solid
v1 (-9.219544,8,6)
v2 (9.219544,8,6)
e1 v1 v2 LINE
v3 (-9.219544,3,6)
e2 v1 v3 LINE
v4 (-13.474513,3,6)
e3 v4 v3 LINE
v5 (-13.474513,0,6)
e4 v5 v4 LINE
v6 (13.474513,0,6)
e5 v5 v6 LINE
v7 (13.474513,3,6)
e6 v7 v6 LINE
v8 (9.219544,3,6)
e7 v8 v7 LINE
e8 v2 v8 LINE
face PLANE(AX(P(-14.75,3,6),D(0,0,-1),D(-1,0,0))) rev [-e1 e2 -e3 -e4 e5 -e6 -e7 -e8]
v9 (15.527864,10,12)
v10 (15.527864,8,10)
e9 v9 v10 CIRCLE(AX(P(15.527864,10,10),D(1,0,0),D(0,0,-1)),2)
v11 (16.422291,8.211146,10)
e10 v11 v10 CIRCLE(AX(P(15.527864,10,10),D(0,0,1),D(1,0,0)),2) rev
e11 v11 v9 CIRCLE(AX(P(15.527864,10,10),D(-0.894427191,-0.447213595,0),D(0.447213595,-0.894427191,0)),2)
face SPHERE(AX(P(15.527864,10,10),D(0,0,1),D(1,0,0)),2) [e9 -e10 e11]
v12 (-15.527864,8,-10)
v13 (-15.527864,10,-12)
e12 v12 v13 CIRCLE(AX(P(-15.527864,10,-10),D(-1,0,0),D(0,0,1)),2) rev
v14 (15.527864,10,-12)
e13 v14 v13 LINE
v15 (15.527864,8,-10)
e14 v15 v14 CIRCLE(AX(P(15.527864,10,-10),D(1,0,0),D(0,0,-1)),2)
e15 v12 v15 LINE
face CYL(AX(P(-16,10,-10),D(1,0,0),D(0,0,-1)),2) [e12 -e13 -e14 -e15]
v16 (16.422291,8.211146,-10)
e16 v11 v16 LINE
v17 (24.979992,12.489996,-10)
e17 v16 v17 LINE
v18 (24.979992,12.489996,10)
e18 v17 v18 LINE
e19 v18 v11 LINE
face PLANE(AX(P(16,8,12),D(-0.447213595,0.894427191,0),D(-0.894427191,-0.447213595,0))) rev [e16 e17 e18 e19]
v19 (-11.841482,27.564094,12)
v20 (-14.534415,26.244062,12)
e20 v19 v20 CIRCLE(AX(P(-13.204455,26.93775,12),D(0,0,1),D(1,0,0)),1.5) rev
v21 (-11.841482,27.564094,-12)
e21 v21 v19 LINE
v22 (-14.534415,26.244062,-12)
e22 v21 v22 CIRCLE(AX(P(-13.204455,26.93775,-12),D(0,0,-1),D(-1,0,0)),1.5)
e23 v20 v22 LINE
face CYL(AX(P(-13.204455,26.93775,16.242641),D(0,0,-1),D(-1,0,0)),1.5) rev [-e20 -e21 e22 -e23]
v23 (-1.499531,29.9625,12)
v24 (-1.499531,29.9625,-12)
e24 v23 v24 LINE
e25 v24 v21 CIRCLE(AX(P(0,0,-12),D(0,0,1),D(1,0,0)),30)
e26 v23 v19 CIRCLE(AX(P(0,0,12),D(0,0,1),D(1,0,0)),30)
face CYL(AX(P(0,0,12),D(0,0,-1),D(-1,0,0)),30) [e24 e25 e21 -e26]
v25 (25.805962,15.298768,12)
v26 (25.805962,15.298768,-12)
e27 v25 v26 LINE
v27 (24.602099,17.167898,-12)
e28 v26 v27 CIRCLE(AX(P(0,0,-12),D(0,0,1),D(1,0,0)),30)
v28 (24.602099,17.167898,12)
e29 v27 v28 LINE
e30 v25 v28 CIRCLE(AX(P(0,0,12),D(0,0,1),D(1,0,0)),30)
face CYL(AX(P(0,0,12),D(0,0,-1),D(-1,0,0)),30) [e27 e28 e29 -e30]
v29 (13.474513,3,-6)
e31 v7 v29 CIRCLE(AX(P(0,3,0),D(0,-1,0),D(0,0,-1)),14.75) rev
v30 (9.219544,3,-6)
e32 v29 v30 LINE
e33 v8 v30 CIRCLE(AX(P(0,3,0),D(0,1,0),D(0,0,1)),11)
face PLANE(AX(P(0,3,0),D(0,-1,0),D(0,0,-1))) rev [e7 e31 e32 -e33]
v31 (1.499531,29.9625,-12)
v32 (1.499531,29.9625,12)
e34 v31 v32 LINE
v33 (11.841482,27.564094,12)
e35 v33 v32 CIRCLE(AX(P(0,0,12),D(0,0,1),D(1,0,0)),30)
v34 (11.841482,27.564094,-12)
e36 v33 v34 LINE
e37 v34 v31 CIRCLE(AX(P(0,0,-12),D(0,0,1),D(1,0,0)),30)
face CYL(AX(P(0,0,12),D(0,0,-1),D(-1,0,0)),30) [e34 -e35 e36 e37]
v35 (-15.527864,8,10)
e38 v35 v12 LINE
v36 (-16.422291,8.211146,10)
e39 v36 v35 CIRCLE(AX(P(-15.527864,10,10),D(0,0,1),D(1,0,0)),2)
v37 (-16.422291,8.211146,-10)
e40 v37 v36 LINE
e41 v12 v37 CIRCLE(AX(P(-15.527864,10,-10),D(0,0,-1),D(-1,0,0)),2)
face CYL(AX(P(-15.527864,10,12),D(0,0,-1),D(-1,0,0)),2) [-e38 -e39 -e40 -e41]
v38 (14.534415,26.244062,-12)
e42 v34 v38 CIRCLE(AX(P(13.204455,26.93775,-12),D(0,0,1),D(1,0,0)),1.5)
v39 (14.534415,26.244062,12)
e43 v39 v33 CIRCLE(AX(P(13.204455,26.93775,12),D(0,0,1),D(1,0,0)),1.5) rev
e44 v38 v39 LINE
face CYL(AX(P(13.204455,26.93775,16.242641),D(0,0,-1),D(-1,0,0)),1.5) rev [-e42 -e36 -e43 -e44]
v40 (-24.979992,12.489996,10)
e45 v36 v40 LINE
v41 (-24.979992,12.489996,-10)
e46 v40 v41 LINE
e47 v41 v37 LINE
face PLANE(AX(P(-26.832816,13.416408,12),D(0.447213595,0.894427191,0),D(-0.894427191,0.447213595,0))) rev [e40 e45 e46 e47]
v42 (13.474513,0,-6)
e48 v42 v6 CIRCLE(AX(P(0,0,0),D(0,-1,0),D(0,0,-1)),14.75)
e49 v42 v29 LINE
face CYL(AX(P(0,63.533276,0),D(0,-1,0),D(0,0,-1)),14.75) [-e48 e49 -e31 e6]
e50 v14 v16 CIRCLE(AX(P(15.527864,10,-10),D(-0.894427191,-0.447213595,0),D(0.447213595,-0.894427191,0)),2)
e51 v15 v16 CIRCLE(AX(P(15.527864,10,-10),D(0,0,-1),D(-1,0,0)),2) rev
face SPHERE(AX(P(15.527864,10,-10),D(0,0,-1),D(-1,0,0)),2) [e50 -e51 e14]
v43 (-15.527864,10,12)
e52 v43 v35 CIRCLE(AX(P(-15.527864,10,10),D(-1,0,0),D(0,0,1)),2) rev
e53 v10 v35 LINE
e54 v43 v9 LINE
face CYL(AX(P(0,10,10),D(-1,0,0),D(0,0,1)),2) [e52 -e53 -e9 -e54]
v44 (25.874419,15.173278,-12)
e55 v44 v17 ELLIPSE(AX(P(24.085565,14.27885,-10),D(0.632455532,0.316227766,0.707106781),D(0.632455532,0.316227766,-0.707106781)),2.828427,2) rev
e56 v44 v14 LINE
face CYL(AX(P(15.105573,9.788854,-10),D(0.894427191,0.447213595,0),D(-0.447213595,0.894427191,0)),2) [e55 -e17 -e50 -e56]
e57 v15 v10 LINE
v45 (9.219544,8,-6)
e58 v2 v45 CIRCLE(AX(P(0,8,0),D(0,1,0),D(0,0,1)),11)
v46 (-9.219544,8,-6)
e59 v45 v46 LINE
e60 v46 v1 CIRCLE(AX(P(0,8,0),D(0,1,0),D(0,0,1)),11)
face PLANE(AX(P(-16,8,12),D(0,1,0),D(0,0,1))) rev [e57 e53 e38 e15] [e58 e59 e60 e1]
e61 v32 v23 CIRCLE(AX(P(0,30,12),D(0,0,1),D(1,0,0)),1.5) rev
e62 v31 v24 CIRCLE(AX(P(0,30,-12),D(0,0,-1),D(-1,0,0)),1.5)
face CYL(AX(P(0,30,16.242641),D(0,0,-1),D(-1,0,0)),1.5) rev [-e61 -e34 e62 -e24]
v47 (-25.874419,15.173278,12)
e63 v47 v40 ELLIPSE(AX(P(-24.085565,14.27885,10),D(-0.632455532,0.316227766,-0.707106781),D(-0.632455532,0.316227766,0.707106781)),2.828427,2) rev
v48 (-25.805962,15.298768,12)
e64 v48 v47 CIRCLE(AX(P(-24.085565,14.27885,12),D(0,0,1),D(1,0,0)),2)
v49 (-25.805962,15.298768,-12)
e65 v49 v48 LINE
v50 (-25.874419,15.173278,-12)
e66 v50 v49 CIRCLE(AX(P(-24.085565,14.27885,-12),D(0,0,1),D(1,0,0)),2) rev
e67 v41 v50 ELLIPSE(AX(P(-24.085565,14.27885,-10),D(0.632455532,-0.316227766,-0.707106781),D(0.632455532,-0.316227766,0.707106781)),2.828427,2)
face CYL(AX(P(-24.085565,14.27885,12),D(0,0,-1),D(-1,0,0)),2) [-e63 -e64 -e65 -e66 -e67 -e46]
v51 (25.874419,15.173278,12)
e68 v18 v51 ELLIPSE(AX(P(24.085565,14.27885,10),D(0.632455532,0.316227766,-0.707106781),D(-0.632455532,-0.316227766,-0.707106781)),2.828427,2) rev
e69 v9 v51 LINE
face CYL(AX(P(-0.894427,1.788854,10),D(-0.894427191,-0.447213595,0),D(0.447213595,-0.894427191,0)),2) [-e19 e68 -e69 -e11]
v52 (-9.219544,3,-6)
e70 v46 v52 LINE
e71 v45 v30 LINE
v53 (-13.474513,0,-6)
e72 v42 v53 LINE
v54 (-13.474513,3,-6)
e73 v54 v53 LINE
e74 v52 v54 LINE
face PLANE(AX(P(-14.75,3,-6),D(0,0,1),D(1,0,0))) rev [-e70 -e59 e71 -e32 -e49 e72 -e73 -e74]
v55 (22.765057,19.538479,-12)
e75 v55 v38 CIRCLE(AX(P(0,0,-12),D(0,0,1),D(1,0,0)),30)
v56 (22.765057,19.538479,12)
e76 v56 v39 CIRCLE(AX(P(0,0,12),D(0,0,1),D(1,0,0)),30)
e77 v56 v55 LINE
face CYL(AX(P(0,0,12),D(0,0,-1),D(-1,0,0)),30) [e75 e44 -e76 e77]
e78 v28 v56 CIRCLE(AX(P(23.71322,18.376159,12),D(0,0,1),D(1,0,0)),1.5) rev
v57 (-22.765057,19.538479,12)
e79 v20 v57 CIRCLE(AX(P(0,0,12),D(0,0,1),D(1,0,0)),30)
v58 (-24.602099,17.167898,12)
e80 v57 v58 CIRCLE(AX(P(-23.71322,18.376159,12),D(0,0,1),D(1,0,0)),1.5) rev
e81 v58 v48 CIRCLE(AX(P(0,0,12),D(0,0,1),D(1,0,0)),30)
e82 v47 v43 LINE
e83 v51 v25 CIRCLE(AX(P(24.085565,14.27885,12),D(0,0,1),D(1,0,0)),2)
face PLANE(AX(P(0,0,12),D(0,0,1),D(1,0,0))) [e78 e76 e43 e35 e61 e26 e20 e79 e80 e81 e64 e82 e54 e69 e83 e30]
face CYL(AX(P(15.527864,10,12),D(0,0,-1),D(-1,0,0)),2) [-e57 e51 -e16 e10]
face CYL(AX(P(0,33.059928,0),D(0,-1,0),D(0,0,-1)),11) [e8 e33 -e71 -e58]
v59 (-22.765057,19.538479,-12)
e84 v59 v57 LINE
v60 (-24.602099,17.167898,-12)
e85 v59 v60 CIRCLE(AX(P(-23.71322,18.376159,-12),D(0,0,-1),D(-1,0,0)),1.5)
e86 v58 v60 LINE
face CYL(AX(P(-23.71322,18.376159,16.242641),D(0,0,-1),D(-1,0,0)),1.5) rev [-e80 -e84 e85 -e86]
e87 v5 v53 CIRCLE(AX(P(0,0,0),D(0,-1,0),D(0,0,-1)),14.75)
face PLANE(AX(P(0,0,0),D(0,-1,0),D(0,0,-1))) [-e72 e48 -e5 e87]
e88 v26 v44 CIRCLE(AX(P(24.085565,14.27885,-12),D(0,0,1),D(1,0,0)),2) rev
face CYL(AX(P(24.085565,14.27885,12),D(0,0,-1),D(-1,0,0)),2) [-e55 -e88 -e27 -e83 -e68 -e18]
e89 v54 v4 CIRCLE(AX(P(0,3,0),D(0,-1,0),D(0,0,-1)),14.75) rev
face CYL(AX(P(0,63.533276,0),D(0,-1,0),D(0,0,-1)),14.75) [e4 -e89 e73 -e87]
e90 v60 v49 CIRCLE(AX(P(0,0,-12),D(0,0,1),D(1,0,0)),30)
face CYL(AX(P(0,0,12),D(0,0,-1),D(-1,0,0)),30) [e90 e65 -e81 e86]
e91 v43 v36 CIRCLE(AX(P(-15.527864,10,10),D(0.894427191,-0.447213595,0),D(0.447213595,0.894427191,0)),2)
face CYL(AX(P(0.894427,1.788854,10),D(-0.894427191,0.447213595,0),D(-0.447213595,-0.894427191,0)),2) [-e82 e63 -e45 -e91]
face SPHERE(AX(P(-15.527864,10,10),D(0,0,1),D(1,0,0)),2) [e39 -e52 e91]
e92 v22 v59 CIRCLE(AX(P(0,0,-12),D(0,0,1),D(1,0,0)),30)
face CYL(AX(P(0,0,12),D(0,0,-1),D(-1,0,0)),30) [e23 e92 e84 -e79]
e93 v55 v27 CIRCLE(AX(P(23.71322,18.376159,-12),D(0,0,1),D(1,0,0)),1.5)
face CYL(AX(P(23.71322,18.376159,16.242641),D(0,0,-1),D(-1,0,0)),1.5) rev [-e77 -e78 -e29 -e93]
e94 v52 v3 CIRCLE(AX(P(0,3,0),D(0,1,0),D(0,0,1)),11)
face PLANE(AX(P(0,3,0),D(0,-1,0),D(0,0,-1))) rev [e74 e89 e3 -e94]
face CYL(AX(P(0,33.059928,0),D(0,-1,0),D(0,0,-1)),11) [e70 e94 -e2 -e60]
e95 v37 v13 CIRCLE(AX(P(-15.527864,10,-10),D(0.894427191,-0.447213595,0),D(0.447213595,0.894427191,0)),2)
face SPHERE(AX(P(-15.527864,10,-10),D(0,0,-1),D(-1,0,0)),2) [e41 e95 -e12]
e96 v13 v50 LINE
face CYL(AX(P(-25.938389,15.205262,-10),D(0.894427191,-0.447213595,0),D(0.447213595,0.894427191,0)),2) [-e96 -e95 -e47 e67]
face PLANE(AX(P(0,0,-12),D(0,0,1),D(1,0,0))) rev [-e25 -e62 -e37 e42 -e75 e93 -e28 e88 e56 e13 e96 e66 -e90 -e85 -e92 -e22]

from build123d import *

# Parameters (mm, degrees)
SKETCH1_W           = 29.5
SKETCH1_H           = 12
BOSS_EXTRUDE1_DEPTH = 3
BOSS_EXTRUDE7_DEPTH = 12
BOSS_EXTRUDE8_DEPTH = 5
SKETCH16_R          = 1.5
CUT_EXTRUDE11_DEPTH = 24
FILLET5_R           = 2
SKETCH17_OUTSIDE_W  = 67.126
SKETCH17_OUTSIDE_H  = 38.954
SKETCH17_OUTSIDE_R  = 14.75
CUT_EXTRUDE12_DEPTH = 3


with BuildPart() as part:
    # Sketch1 → Boss-Extrude1 (new body)
    with BuildSketch(Plane(origin=(0, 0, 0), x_dir=(1, 0, 0), z_dir=(0, 1, 0))):
        Rectangle(SKETCH1_W, SKETCH1_H)
    extrude(amount=BOSS_EXTRUDE1_DEPTH)



with BuildPart() as body_2:
    # Sketch14 → Boss-Extrude7 (new body, symmetric)
    with BuildSketch(Plane.XY):
        with BuildLine():
            Line((-26.83281573, 13.416407865), (-16, 8))
            Line((-16, 8), (16, 8))
            Line((16, 8), (26.83281573, 13.416407865))
            ThreePointArc((26.83281573, 13.416407865), (0, 30), (-26.83281573, 13.416407865))
        make_face()
    extrude(amount=BOSS_EXTRUDE7_DEPTH, both=True)


with BuildPart() as part_1:
    add(part.part)

    add(body_2.part)  # Boss-Extrude8 merges body 2
    # Sketch15 → Boss-Extrude8 (add)
    with BuildSketch(Plane(origin=(0, 3, 0), x_dir=(-1, 0, 0), z_dir=(0, 1, 0))):
        with BuildLine():
            Line((-9.219544457, 6), (9.219544457, 6))
            ThreePointArc((9.219544457, 6), (11, 0), (9.219544457, -6))
            Line((9.219544457, -6), (-9.219544457, -6))
            ThreePointArc((-9.219544457, -6), (-11, 0), (-9.219544457, 6))
        make_face()
    extrude(amount=BOSS_EXTRUDE8_DEPTH)

    # Sketch16 → Cut-Extrude11 (cut)
    with BuildSketch(Plane(origin=(0, 0, -12), x_dir=(-1, 0, 0), z_dir=(0, 0, -1))):
        with Locations((-23.713219718, 18.376158756)):
            Circle(SKETCH16_R)
        with Locations((-13.204454501, 26.937750117)):
            Circle(SKETCH16_R)
        with Locations((0, 30)):
            Circle(SKETCH16_R)
        with Locations((13.204454501, 26.937750117)):
            Circle(SKETCH16_R)
        with Locations((23.713219718, 18.376158756)):
            Circle(SKETCH16_R)
    extrude(amount=-CUT_EXTRUDE11_DEPTH, mode=Mode.SUBTRACT)

    # Fillet5
    fillet5_edges = [part_1.edges().sort_by_distance(p)[0] for p in [
        (26.83281573, 13.416407865, 0),
        (-21.416407865, 10.708203932, -12),
        (-26.83281573, 13.416407865, 0),
        (0, 8, -12),
        (-16, 8, 0),
        (21.416407865, 10.708203932, -12),
        (16, 8, 0),
        (-21.416407865, 10.708203932, 12),
        (0, 8, 12),
        (21.416407865, 10.708203932, 12),
    ]]
    fillet(fillet5_edges, radius=FILLET5_R)

    # Sketch17 outside → Cut-Extrude12 (cut)
    with BuildSketch(Plane.XZ):
        Rectangle(SKETCH17_OUTSIDE_W, SKETCH17_OUTSIDE_H)
        Circle(SKETCH17_OUTSIDE_R, mode=Mode.SUBTRACT)
    extrude(amount=-CUT_EXTRUDE12_DEPTH, mode=Mode.SUBTRACT)


solid = part_1.part
